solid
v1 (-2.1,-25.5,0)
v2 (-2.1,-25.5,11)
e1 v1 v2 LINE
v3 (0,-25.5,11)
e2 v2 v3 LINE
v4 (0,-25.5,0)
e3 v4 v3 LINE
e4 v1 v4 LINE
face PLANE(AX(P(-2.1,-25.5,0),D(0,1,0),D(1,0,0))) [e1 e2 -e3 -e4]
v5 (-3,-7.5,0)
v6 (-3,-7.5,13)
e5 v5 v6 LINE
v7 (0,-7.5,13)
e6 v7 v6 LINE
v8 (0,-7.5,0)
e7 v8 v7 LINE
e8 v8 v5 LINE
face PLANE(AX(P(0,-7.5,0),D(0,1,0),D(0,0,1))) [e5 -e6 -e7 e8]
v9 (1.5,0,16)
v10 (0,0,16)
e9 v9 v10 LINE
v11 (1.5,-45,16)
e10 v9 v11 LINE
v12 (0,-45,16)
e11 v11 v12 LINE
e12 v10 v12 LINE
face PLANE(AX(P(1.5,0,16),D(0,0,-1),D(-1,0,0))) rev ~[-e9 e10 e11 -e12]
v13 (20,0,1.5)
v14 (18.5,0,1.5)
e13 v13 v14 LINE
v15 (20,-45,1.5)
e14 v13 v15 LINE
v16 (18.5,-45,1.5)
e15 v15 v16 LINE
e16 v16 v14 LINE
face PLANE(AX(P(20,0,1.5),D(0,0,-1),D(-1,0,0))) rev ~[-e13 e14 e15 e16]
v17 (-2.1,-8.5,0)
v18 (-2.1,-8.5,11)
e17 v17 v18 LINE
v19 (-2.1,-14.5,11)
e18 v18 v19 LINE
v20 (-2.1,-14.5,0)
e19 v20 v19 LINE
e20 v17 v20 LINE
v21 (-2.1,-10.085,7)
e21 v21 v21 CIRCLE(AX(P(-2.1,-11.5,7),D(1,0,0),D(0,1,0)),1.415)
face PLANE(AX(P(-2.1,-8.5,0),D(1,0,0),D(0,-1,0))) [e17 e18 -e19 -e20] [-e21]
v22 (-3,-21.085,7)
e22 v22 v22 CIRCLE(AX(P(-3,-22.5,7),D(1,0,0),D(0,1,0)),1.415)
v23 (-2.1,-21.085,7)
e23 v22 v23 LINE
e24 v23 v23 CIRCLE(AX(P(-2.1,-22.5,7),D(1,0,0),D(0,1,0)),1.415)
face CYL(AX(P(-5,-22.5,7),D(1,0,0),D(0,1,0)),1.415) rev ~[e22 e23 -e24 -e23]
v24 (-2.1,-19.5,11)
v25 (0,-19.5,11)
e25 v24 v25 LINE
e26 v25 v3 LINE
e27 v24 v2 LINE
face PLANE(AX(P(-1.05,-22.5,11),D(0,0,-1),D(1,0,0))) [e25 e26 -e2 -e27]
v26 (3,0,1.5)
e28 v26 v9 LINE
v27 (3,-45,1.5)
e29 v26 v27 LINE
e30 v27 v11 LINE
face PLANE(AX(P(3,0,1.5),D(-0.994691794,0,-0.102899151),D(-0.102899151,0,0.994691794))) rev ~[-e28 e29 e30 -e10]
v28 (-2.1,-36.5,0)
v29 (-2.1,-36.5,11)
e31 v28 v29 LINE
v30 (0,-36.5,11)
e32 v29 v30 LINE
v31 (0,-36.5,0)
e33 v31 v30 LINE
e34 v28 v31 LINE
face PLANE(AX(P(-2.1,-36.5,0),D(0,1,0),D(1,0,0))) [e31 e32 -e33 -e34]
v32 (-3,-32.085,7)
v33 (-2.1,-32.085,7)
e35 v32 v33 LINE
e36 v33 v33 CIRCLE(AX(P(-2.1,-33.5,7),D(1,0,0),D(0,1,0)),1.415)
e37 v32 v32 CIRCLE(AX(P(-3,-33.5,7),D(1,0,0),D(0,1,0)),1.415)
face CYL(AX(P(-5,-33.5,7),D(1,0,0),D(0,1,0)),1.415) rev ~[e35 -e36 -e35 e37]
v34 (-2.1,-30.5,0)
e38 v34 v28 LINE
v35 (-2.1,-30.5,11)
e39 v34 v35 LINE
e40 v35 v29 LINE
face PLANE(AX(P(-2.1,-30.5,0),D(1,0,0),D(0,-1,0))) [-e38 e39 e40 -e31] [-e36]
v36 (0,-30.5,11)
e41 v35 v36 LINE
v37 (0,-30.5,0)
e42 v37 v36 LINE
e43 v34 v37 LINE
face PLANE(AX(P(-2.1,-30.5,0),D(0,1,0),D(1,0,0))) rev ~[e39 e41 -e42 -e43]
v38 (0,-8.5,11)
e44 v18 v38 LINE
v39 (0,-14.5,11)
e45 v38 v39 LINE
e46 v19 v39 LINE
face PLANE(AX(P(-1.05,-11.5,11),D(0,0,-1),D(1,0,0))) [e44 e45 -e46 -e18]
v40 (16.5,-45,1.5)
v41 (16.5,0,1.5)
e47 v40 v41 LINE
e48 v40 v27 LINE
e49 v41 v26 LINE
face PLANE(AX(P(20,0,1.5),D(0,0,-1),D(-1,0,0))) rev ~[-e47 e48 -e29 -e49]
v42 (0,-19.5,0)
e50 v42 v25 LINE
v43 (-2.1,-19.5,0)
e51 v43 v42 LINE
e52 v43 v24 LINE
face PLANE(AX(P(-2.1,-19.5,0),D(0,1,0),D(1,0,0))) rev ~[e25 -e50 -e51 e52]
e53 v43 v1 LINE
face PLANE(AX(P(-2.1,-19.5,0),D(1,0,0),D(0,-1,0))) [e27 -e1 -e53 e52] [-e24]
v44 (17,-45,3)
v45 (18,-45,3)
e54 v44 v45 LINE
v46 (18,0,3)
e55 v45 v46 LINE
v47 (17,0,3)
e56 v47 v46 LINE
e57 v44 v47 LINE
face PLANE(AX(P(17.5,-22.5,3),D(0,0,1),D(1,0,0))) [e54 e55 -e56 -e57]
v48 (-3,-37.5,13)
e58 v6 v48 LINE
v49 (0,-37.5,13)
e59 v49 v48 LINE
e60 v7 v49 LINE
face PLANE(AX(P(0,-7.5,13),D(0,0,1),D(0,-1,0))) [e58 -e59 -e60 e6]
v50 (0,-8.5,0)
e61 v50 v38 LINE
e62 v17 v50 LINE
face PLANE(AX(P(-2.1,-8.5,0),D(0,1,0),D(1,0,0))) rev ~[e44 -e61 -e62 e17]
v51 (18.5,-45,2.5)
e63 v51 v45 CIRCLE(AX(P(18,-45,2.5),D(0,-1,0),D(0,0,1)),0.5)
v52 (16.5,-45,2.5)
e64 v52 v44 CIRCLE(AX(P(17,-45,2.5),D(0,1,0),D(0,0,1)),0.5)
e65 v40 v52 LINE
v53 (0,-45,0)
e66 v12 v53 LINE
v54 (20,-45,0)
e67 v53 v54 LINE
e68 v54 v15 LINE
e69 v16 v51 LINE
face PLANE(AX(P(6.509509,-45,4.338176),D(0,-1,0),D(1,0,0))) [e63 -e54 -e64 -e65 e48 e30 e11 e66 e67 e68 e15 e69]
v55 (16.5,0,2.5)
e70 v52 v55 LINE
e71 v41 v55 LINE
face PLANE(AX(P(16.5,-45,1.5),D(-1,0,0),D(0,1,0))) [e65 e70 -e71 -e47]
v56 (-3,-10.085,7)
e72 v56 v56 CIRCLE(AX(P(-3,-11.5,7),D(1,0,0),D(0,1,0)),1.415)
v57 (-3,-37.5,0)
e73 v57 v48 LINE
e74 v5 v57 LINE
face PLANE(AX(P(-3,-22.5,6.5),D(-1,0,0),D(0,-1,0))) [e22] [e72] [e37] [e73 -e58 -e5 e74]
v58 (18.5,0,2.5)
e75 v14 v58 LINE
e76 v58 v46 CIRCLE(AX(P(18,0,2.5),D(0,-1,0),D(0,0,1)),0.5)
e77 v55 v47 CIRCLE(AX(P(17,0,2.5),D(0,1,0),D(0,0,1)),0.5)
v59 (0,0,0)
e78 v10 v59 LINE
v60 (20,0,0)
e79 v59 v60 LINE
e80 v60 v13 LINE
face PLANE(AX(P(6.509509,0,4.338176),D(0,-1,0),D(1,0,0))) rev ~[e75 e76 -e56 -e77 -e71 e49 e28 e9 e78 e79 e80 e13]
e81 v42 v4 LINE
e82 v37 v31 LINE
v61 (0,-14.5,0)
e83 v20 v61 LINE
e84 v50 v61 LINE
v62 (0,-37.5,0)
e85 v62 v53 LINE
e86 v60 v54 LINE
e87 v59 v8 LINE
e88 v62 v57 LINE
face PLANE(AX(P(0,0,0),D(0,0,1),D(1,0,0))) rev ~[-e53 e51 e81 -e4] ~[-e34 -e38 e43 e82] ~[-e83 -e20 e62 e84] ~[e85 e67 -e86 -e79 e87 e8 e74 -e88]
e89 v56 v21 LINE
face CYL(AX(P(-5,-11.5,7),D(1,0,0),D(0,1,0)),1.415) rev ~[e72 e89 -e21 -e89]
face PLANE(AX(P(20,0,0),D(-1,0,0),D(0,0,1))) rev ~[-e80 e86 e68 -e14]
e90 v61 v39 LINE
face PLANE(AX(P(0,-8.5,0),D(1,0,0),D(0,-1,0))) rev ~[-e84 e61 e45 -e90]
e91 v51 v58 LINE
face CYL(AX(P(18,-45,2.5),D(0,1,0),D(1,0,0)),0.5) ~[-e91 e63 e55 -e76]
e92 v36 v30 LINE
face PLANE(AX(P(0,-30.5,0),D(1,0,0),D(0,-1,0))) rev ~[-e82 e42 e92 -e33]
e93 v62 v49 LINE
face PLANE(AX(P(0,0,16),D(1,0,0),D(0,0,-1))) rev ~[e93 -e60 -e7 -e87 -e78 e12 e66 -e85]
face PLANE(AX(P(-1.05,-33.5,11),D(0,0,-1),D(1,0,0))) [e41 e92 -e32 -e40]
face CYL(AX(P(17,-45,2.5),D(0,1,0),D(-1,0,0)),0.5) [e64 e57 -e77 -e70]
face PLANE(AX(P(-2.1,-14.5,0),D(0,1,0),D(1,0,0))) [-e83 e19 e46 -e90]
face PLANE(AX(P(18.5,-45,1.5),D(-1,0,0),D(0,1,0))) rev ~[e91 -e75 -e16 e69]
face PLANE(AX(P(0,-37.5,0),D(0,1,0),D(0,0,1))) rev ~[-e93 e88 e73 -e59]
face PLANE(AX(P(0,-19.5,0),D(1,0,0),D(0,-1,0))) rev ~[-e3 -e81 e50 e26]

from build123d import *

# Parameters (mm, degrees)
F1_DEPTH = 45
F2_W     = 30
F2_H     = 13
F3_DEPTH = 3
F4_W     = 2.1
F4_H     = 6
F5_DEPTH = 11
F7_D     = 2.83
F7_DEPTH = 2
F7_TIP   = 0.8502177759
F8_W     = 2
F8_H     = 45
F9_DEPTH = 1.5
F10_R    = 0.5


with BuildPart() as f1:
    # F0 (on Front) → F1 (new body)
    with BuildSketch(Plane.XZ):
        Polygon((0, 16), (0, 0), (20, 0), (20, 1.5), (3, 1.5), (1.5, 16), align=None)
    extrude(amount=F1_DEPTH)

    # F2 (on face) → F3 (join)
    with BuildSketch(Plane(origin=(0, 0, 0), x_dir=(0, -1, 0), z_dir=(-1, 0, 0))):
        with Locations((22.5, 6.5)):
            Rectangle(F2_W, F2_H)
    extrude(amount=F3_DEPTH)

    # F4 (on face) → F5 (cut)
    with BuildSketch(Plane(origin=(0, 0, 0), x_dir=(1, 0, 0), z_dir=(0, 0, -1))):
        with Locations((-1.05, 33.5)):
            Rectangle(F4_W, F4_H)
        with Locations((-1.05, 22.5)):
            Rectangle(F4_W, F4_H)
        with Locations((-1.05, 11.5)):
            Rectangle(F4_W, F4_H)
    extrude(amount=-F5_DEPTH, mode=Mode.SUBTRACT)

    # F7
    with Locations(Plane(origin=(-3, 0, 0), x_dir=(0, -1, 0), z_dir=(-1, 0, 0))):
        with Locations((33.5, 7), (22.5, 7), (11.5, 7)):
            Hole(F7_D / 2, depth=F7_DEPTH)
            with Locations((0, 0, -(F7_DEPTH + F7_TIP / 2))):  # 118° drill point
                Cone(0, F7_D / 2, F7_TIP, mode=Mode.SUBTRACT)

    # F8 (on face) → F9 (join)
    with BuildSketch(Plane.XY.offset(1.5)):
        with Locations((17.5, -22.5)):
            Rectangle(F8_W, F8_H)
    extrude(amount=F9_DEPTH)

    # F10
    f10_edges = [f1.edges().sort_by_distance(p)[0] for p in [
        (18.5, -22.5, 3),
        (16.5, -22.5, 3),
    ]]
    fillet(f10_edges, radius=F10_R)


solid = f1.part
